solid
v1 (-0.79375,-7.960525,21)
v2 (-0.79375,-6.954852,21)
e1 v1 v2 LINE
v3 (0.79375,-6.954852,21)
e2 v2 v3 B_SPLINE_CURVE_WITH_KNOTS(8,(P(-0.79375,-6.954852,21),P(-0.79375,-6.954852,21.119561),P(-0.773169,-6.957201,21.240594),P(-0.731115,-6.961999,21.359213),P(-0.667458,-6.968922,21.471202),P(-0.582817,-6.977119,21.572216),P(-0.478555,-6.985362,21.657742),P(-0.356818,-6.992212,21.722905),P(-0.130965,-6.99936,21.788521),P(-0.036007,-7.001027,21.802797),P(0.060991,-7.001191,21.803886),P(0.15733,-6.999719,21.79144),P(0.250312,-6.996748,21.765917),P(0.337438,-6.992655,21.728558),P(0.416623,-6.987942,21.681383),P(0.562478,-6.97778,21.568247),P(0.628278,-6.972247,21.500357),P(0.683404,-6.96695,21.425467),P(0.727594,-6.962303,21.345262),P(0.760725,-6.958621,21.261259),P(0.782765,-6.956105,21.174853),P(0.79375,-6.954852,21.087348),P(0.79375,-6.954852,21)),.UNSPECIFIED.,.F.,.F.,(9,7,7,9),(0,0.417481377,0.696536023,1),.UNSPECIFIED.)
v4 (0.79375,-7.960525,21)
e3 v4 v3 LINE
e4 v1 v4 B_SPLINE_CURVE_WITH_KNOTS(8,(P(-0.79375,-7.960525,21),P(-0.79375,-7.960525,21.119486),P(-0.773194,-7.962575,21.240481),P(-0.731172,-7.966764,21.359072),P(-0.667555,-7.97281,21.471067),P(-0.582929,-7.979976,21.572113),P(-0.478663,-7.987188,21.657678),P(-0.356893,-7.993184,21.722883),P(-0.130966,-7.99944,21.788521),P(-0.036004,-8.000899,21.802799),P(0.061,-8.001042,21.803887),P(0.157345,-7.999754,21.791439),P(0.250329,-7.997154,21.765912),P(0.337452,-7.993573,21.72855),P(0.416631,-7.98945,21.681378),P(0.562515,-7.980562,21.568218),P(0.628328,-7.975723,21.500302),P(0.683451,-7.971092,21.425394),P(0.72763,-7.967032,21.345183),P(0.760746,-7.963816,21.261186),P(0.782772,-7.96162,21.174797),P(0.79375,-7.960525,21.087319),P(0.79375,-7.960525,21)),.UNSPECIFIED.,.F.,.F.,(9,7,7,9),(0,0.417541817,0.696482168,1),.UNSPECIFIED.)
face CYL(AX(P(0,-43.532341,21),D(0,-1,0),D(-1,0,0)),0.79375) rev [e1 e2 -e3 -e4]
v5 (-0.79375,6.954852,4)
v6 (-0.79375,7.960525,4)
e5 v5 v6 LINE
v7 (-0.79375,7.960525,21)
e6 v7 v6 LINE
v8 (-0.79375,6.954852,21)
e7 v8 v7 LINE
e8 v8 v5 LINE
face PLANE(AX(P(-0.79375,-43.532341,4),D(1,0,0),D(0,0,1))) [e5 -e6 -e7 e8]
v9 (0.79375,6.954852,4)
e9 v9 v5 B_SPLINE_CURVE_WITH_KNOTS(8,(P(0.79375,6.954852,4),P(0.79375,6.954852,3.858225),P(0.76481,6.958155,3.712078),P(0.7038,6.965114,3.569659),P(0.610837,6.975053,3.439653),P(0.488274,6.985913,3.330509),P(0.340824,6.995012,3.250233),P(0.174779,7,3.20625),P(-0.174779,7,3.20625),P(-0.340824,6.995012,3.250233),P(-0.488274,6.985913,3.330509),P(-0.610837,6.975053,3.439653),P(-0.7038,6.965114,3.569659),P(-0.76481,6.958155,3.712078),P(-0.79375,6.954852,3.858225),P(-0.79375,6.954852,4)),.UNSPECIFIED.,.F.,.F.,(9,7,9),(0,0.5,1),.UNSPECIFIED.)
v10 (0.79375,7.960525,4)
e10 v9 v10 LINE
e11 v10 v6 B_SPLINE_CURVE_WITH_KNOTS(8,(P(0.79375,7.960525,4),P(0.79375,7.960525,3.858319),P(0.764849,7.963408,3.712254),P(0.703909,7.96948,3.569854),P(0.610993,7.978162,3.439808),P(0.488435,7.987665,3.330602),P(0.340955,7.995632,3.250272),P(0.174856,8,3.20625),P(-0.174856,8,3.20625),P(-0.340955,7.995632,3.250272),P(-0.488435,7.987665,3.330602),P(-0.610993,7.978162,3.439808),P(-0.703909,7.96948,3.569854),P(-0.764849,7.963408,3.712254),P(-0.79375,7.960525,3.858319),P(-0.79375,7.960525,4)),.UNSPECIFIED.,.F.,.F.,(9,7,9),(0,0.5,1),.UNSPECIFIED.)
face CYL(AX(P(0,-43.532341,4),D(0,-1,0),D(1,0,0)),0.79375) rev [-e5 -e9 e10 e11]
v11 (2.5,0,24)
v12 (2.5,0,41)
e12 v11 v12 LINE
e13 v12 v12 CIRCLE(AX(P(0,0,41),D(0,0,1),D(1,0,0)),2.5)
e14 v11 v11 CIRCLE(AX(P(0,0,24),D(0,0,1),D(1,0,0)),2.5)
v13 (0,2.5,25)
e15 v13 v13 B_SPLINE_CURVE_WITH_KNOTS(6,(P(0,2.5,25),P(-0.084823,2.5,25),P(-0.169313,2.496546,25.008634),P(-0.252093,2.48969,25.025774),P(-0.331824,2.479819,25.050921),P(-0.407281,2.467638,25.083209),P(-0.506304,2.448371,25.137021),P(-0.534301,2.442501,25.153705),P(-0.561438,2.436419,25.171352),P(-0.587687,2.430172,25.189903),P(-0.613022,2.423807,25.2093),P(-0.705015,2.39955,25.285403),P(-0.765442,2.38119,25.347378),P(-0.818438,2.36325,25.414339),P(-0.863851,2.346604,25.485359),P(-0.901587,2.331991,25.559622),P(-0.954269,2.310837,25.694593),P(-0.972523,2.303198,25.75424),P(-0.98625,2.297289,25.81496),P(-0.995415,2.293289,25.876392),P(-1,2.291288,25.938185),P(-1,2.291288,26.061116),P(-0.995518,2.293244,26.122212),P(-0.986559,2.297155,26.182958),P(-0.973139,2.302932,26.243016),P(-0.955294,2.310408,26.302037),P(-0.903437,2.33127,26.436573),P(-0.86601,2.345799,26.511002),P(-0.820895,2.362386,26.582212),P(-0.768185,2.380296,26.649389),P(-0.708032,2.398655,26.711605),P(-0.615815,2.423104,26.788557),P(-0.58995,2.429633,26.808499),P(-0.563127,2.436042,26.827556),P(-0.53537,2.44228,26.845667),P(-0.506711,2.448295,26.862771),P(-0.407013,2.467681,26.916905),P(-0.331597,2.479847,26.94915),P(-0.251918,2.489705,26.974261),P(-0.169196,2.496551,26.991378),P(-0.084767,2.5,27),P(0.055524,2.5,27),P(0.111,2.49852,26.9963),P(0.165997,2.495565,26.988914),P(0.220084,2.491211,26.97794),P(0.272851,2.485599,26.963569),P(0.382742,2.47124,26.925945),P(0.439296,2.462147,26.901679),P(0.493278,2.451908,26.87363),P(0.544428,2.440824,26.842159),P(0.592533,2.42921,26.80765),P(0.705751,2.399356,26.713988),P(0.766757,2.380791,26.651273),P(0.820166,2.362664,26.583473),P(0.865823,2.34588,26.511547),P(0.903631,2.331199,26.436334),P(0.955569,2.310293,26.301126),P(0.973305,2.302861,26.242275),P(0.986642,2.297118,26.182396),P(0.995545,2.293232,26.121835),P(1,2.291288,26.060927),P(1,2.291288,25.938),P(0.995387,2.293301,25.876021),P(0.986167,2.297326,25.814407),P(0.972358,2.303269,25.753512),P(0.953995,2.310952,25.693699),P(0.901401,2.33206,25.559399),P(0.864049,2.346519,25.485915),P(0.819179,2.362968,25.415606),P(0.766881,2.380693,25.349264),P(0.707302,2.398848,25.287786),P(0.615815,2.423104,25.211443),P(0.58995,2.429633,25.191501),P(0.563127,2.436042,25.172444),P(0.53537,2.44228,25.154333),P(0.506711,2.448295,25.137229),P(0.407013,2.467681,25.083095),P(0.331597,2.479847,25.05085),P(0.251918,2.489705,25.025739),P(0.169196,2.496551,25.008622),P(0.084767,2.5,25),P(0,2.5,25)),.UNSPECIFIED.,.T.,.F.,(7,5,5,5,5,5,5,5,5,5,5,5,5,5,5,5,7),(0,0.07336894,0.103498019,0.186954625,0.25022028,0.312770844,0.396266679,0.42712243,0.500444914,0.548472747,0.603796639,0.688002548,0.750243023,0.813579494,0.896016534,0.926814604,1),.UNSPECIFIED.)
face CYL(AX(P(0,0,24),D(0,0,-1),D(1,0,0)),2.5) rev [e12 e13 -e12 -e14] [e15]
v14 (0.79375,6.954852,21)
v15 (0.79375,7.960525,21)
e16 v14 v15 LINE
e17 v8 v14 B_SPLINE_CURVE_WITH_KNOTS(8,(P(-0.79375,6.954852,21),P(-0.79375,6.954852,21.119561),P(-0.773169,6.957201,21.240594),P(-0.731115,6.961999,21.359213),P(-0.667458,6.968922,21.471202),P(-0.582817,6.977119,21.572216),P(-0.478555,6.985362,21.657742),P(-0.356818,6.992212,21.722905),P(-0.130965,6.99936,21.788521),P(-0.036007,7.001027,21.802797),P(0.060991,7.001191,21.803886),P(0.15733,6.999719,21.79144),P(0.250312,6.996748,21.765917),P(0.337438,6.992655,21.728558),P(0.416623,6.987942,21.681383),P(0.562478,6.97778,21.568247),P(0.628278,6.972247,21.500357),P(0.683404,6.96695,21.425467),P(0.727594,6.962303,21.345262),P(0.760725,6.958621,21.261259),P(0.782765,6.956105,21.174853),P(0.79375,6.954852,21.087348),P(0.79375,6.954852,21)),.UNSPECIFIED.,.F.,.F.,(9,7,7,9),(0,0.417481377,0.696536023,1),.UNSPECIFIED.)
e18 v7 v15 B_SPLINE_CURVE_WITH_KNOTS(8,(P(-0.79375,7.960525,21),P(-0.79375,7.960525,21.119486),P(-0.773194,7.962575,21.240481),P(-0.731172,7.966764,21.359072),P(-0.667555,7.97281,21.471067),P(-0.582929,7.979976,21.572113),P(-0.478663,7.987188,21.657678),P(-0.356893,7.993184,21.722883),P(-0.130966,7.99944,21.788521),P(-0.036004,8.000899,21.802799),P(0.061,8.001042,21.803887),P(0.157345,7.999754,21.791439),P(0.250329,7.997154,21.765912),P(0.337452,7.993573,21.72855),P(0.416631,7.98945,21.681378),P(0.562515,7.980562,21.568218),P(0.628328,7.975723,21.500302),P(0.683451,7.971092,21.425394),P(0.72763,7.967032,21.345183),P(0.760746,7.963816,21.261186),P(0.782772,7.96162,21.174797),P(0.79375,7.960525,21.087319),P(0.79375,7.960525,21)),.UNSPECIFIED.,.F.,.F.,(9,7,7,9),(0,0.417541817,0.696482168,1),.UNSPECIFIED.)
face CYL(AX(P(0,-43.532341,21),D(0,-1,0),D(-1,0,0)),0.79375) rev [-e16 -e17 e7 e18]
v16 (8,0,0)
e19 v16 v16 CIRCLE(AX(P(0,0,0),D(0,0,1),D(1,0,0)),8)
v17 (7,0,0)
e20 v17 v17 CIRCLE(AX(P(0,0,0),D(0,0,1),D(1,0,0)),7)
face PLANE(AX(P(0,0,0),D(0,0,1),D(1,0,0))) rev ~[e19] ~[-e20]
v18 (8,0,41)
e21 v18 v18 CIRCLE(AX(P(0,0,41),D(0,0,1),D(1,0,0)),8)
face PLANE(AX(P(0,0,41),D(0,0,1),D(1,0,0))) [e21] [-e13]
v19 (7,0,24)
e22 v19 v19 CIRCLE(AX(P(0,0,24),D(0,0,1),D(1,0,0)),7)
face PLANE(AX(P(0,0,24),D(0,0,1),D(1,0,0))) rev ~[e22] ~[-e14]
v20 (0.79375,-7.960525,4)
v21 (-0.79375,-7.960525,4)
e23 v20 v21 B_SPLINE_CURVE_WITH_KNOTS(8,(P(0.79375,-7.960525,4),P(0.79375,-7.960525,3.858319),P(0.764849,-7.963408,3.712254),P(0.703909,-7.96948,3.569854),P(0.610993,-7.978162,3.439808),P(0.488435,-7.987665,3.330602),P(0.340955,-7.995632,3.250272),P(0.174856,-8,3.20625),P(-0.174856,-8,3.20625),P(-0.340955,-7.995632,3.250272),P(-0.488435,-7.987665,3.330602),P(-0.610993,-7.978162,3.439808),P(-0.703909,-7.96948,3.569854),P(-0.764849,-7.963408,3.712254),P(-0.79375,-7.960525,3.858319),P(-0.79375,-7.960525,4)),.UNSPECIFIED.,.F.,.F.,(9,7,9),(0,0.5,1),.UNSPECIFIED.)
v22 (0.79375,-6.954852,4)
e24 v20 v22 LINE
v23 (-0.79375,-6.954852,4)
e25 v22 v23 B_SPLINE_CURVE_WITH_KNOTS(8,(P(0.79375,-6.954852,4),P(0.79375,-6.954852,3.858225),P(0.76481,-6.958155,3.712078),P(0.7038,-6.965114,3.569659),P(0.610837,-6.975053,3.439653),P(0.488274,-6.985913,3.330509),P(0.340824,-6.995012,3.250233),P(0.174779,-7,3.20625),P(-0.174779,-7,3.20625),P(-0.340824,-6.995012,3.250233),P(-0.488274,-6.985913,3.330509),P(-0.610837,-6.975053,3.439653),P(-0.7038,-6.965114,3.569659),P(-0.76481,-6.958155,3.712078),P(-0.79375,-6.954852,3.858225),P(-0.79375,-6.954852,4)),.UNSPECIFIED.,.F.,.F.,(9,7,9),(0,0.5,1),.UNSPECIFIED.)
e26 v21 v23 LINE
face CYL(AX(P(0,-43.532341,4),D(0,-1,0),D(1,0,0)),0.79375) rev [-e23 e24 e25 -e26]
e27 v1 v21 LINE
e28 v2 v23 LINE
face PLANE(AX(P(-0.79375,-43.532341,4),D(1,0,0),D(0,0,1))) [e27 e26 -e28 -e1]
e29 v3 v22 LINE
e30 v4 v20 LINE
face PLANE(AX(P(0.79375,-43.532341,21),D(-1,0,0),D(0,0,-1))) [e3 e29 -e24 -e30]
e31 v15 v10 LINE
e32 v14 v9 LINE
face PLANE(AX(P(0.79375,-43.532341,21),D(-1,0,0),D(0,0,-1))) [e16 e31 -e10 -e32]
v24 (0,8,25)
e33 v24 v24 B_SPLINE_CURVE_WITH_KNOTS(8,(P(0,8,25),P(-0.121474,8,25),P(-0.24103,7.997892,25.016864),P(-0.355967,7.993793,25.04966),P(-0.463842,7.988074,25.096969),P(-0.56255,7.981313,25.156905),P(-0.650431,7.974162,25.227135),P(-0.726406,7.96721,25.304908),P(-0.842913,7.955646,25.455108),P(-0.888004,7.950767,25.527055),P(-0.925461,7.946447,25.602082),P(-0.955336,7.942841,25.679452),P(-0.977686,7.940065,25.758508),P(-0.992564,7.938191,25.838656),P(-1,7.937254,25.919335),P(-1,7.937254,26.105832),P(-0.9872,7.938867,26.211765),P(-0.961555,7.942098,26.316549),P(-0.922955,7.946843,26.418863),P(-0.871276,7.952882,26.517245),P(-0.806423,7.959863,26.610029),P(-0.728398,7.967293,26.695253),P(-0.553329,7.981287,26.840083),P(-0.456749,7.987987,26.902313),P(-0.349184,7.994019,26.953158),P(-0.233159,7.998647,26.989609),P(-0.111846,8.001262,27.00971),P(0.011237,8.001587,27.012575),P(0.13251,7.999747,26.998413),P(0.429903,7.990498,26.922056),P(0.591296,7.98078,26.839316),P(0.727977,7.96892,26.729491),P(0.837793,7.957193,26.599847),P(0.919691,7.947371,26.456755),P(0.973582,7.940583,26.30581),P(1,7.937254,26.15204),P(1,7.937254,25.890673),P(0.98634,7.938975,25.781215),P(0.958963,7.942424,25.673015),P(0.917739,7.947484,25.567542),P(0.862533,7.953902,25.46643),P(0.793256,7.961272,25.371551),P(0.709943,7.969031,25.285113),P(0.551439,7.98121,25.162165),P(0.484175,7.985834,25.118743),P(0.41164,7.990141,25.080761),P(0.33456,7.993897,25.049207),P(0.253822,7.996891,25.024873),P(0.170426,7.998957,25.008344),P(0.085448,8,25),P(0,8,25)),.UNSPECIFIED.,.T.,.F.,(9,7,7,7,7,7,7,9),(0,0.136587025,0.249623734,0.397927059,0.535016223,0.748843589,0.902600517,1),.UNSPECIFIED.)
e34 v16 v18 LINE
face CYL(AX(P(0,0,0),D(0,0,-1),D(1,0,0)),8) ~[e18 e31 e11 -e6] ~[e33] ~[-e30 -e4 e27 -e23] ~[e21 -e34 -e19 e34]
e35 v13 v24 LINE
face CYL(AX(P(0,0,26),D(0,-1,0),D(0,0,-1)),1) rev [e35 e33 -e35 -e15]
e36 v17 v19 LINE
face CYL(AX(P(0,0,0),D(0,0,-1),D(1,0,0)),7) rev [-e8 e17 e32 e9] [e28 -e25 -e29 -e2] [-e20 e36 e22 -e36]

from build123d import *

# Parameters (mm, degrees)
SKETCH1_R               = 8
SKETCH1_R_2             = 7
BOSS_EXTRUDE1_DEPTH     = 41
CUT_EXTRUDE1_DEPTH      = 43.532340636
CUT_EXTRUDE1_DEPTH_BACK = 43.532340636
BOSS_EXTRUDE2_START     = -17
SKETCH3_R               = 7
SKETCH3_R_2             = 2.5
BOSS_EXTRUDE2_DEPTH     = 17
SKETCH4_R               = 1
CUT_EXTRUDE2_DEPTH      = 17


with BuildPart() as part:
    # Sketch1 → Boss-Extrude1 (new body)
    with BuildSketch(Plane.XY):
        Circle(SKETCH1_R)
        Circle(SKETCH1_R_2, mode=Mode.SUBTRACT)
    extrude(amount=BOSS_EXTRUDE1_DEPTH)

    # Sketch2 → Cut-Extrude1 (cut, two sides: drawn at the far end of the back side and taken through both)
    with BuildSketch(Plane(origin=(0, 0, 0), x_dir=(1, 0, 0), z_dir=(0, 1, 0)).offset(-CUT_EXTRUDE1_DEPTH_BACK)):
        with BuildLine():
            Line((-0.79375, -4), (-0.79375, -21))
            ThreePointArc((-0.79375, -21), (0, -21.79375), (0.79375, -21))
            Line((0.79375, -21), (0.79375, -4))
            ThreePointArc((0.79375, -4), (0, -3.20625), (-0.79375, -4))
        make_face()
    extrude(amount=CUT_EXTRUDE1_DEPTH + CUT_EXTRUDE1_DEPTH_BACK, mode=Mode.SUBTRACT)

    # Sketch3 → Boss-Extrude2 (add)
    with BuildSketch(Plane.XY.offset(41).offset(BOSS_EXTRUDE2_START)):
        Circle(SKETCH3_R)
        Circle(SKETCH3_R_2, mode=Mode.SUBTRACT)
    extrude(amount=BOSS_EXTRUDE2_DEPTH)

    # Sketch4 → Cut-Extrude2 (cut)
    with BuildSketch(Plane(origin=(0, 0, 0), x_dir=(1, 0, 0), z_dir=(0, 1, 0))):
        with Locations(Location((0, -26, 0), (0, 0, 90))):
            Circle(SKETCH4_R)
    extrude(amount=CUT_EXTRUDE2_DEPTH, mode=Mode.SUBTRACT)


solid = part.part
